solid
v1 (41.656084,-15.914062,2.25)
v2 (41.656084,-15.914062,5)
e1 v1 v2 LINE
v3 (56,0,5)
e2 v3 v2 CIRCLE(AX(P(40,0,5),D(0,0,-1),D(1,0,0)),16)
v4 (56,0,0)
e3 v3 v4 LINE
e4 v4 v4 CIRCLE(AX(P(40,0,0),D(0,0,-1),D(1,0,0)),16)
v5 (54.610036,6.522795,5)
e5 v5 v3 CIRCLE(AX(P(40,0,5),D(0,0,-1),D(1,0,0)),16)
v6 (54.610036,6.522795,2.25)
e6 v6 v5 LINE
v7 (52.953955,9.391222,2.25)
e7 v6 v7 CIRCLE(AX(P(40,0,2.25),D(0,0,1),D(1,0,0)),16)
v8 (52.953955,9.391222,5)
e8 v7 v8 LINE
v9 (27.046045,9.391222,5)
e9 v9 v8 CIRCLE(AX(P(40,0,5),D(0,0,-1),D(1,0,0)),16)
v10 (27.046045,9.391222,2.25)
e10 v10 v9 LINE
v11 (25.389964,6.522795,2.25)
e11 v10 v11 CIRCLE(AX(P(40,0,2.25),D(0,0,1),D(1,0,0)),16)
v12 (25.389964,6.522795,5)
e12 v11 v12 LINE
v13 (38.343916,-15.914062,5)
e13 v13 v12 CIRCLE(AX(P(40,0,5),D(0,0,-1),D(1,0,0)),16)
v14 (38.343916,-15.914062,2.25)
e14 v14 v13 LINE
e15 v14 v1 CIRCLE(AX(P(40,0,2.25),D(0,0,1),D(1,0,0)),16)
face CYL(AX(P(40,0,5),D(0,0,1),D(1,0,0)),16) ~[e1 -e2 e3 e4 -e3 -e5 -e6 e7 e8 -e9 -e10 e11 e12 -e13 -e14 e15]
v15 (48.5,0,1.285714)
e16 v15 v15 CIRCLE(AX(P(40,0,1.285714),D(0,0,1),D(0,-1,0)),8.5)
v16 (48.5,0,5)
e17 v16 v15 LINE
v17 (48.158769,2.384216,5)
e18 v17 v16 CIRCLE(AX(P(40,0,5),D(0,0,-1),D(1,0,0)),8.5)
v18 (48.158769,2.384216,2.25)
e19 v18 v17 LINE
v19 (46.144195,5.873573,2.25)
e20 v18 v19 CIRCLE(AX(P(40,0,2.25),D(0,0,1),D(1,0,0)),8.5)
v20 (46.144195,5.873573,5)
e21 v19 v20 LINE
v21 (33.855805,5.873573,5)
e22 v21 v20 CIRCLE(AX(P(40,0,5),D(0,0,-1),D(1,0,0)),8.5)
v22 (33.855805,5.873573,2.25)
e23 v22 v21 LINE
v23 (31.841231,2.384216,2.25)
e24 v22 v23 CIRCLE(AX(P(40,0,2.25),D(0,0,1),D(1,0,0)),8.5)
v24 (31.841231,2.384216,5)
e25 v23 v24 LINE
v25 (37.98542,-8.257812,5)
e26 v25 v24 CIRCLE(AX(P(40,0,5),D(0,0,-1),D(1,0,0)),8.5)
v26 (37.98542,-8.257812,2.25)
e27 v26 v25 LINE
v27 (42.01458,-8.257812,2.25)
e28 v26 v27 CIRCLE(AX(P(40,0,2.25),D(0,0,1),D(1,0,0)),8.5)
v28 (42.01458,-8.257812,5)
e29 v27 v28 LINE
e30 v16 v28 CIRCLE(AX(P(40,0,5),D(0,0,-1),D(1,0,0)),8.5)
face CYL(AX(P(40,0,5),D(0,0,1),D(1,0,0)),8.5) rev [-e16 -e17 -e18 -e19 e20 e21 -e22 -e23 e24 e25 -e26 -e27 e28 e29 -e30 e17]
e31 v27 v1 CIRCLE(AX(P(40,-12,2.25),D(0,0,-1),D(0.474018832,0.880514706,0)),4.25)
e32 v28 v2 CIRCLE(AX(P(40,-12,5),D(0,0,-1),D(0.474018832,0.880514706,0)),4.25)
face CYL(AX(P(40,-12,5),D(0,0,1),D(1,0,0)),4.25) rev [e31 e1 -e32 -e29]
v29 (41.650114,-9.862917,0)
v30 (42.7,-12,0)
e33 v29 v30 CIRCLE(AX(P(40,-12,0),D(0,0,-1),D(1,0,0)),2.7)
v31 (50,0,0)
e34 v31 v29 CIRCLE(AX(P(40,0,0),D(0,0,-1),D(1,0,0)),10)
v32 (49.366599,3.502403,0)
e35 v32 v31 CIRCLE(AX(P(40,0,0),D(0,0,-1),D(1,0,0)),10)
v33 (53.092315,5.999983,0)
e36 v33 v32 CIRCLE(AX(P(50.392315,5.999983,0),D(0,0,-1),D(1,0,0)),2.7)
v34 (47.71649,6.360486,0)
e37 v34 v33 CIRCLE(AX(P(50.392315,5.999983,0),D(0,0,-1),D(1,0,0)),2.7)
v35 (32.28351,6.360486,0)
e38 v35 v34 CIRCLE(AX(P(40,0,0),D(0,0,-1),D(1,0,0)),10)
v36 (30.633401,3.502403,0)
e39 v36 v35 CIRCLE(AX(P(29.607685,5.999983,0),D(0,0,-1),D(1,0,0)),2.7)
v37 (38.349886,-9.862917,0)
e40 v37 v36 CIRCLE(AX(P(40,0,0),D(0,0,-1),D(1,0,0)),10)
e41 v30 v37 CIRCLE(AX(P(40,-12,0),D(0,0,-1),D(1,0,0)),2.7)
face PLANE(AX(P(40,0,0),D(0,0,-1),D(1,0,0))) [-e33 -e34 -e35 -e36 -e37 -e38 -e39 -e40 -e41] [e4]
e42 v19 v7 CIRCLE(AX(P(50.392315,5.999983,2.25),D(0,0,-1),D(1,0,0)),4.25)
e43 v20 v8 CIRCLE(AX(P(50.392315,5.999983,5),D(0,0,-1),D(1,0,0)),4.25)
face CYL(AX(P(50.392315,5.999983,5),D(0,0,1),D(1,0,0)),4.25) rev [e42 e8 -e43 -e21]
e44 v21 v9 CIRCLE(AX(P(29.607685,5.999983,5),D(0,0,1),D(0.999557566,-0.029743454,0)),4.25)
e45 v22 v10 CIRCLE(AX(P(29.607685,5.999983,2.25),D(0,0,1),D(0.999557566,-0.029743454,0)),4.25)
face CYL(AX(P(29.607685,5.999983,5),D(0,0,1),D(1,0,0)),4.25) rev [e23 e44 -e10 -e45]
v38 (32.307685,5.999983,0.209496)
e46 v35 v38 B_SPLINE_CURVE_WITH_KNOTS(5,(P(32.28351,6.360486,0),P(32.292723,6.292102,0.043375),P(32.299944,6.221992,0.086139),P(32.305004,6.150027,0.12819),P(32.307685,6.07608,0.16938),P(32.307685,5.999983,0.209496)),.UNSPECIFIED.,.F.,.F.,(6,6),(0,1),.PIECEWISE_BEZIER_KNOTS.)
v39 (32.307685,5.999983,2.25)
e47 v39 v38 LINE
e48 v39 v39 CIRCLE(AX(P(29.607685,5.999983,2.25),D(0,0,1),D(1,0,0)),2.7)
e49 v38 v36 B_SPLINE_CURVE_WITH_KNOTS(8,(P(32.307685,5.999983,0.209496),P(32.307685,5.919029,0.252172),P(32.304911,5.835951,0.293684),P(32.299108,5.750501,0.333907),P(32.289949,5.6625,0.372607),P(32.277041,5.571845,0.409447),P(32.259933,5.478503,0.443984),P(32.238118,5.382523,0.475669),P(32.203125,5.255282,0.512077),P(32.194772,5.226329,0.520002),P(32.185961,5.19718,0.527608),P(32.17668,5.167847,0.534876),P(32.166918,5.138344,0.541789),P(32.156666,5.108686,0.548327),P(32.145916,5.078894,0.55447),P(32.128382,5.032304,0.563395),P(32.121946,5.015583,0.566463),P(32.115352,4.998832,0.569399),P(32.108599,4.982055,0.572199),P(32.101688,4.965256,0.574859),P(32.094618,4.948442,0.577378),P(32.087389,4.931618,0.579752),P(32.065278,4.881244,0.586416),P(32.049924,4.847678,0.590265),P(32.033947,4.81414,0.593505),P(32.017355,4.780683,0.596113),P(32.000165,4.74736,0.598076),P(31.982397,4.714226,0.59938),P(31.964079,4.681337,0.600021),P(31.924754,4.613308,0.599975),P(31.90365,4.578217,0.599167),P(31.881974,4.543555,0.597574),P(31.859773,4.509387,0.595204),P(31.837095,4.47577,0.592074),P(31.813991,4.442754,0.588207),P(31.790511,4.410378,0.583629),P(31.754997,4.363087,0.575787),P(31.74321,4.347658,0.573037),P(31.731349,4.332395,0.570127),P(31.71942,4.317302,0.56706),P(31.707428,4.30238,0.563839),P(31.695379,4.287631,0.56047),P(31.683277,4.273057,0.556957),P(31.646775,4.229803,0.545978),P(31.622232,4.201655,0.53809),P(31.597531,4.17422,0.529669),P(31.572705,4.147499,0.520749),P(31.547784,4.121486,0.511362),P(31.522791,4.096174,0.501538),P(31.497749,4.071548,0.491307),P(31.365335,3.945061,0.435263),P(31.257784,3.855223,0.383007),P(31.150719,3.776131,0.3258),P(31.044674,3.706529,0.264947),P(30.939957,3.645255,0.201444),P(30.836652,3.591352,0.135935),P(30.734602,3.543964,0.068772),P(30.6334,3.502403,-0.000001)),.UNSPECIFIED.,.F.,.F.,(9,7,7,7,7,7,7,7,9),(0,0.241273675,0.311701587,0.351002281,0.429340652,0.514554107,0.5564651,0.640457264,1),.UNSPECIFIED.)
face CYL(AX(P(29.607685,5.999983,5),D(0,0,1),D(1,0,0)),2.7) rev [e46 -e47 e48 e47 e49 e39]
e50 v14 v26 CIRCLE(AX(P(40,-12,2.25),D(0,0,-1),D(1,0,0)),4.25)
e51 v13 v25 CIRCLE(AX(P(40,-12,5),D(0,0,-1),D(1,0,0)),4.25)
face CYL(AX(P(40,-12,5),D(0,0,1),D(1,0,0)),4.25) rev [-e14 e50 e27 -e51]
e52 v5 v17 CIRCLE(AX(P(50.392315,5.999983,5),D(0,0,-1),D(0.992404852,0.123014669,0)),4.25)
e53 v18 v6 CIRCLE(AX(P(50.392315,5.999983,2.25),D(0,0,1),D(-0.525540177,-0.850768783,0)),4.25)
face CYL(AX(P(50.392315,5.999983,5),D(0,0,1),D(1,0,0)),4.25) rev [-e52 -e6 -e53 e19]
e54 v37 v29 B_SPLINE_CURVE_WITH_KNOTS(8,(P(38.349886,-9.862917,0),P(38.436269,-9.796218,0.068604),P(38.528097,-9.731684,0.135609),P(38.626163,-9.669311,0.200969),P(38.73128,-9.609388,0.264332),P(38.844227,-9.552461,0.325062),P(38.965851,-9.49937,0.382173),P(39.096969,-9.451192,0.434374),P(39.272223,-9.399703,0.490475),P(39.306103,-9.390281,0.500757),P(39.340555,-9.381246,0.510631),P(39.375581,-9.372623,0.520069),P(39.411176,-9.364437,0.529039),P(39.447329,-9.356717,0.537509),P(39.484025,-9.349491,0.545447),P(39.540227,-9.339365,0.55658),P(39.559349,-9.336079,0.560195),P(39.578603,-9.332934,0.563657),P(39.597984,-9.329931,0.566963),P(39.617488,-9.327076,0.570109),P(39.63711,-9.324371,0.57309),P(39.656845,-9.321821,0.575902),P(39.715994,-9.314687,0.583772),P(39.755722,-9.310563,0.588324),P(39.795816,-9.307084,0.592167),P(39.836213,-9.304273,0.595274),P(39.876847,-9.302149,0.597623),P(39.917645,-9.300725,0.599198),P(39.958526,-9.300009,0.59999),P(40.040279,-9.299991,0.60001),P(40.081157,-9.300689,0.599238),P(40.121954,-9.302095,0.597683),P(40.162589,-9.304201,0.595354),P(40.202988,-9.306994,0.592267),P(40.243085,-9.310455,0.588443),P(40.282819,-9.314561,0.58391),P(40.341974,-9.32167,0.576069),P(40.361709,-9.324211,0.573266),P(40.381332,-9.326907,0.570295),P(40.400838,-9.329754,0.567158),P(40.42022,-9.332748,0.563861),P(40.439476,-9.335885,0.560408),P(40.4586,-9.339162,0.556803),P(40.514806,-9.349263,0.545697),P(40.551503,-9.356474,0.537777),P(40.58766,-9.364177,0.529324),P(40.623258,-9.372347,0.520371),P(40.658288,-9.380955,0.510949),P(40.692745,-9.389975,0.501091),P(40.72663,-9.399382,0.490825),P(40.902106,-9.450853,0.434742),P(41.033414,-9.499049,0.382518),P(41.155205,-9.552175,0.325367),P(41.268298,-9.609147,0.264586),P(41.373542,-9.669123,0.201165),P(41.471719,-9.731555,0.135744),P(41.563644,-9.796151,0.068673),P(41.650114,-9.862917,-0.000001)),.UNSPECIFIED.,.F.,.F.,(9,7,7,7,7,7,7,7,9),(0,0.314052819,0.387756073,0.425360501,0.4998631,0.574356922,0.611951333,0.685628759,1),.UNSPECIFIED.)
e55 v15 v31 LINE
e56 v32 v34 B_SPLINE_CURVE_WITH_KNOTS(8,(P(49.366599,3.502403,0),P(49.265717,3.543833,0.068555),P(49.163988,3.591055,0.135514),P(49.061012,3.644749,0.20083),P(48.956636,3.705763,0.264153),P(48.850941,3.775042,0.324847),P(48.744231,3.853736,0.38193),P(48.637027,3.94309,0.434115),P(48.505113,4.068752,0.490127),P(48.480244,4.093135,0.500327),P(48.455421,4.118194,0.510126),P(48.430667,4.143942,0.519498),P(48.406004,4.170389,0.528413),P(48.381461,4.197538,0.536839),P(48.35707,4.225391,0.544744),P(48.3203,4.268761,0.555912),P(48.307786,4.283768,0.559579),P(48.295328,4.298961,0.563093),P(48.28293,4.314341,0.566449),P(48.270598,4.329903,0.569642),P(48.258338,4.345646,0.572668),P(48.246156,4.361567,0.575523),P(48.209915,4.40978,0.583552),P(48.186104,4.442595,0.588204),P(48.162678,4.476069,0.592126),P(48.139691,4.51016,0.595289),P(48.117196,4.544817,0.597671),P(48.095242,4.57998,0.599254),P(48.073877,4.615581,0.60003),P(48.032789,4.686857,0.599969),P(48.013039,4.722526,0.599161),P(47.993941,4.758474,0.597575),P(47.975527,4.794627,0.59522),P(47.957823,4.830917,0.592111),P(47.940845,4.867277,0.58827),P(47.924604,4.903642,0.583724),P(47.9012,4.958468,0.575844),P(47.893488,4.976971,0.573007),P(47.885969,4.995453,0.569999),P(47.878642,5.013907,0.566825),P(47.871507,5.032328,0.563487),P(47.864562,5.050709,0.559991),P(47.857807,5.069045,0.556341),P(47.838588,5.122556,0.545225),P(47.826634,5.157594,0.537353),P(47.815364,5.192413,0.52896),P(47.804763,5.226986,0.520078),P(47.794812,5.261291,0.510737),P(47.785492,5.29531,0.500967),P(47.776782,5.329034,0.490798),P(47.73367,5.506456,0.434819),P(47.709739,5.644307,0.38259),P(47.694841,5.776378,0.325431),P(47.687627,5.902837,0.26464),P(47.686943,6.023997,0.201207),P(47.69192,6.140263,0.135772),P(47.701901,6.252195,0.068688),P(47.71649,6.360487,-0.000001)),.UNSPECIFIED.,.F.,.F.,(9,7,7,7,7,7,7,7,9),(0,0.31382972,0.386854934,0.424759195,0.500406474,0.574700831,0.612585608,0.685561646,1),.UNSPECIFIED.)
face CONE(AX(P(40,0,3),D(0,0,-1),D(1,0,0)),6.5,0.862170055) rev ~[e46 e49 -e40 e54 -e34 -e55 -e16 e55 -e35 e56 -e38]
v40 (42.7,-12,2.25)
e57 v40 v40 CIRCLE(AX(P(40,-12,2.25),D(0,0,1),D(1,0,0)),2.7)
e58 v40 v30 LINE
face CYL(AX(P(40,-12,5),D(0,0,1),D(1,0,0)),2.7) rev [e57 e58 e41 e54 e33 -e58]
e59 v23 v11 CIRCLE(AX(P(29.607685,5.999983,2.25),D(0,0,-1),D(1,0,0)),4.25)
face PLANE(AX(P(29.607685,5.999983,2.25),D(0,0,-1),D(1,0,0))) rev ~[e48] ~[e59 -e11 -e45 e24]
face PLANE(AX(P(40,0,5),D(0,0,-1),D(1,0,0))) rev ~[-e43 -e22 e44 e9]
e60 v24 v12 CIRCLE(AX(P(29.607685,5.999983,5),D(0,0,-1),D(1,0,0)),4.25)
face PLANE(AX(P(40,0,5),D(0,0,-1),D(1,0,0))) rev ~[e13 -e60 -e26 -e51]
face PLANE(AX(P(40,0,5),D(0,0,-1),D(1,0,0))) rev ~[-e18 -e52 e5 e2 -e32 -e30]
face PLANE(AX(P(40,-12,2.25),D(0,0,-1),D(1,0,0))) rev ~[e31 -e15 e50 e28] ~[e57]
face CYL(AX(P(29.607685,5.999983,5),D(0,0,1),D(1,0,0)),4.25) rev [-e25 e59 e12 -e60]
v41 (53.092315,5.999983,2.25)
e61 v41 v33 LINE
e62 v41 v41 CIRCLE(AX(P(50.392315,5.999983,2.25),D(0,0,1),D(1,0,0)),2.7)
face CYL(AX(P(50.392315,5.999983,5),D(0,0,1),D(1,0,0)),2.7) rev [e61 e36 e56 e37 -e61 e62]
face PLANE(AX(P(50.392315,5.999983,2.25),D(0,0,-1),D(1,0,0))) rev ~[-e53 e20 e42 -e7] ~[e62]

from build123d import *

# Parameters (mm, degrees)
SKETCH005_R         = 4.25
PAD005_DEPTH        = 2.75
CYLINDER_R          = 8.5
CYLINDER_DEPTH      = 11
SKETCH003_R         = 16
SKETCH003_R_2       = 2.7
PAD003_DEPTH        = 5
CUT_PLACEMENT_ANGLE = 180


with BuildPart() as pad009:
    # Sketch005 → Pad005 (new body)
    with BuildSketch(Plane(origin=(40, 0, 0), x_dir=(1, 0, 0), z_dir=(0, 0, 1))):
        with Locations((0, 12)):
            Circle(SKETCH005_R)
        with Locations((-10.392315, -5.999983)):
            Circle(SKETCH005_R)
        with Locations((10.392315, -5.999983)):
            Circle(SKETCH005_R)
    extrude(amount=PAD005_DEPTH)


with BuildPart() as cylindre:
    # Cylinder → Cylinder (new body)
    with BuildSketch(Plane(origin=(40, 0, 0), x_dir=(1, 0, 0), z_dir=(0, 0, 1))):
        Circle(CYLINDER_R)
    extrude(amount=CYLINDER_DEPTH)


with BuildPart() as fusion:
    # Cone → Cone (revolve)
    with BuildSketch(Plane(origin=(40, 0, 2), x_dir=(1, 0, 0), z_dir=(0, -1, 0))):
        Polygon((0, 0), (6.5, 0), (10, 3), (0, 3), align=None)
    revolve(axis=Axis((40, 0, 2), (0, 0, 1)))

    # Fusion: union Cylindre
    add(cylindre.part)


with BuildPart() as wheel:
    # Sketch003 → Pad003 (new body)
    with BuildSketch(Plane(origin=(40, 0, 0), x_dir=(1, 0, 0), z_dir=(0, 0, 1))):
        Circle(SKETCH003_R)
        with Locations((0, 12)):
            Circle(SKETCH003_R_2, mode=Mode.SUBTRACT)
        with Locations((-10.392315, -5.999983)):
            Circle(SKETCH003_R_2, mode=Mode.SUBTRACT)
        with Locations((10.392315, -5.999983)):
            Circle(SKETCH003_R_2, mode=Mode.SUBTRACT)
    extrude(amount=PAD003_DEPTH)

    # Cut002: cut Fusion
    add(fusion.part, mode=Mode.SUBTRACT)

    # Cut: cut Pad009
    add(pad009.part, mode=Mode.SUBTRACT)


with BuildPart() as wheel_1:
    # Cut placement: moved
    add(wheel.part.moved(Location((0, 0, 5))).rotate(Axis((0, 0, 5), (1, 0, 0)), CUT_PLACEMENT_ANGLE))


solid = wheel_1.part
